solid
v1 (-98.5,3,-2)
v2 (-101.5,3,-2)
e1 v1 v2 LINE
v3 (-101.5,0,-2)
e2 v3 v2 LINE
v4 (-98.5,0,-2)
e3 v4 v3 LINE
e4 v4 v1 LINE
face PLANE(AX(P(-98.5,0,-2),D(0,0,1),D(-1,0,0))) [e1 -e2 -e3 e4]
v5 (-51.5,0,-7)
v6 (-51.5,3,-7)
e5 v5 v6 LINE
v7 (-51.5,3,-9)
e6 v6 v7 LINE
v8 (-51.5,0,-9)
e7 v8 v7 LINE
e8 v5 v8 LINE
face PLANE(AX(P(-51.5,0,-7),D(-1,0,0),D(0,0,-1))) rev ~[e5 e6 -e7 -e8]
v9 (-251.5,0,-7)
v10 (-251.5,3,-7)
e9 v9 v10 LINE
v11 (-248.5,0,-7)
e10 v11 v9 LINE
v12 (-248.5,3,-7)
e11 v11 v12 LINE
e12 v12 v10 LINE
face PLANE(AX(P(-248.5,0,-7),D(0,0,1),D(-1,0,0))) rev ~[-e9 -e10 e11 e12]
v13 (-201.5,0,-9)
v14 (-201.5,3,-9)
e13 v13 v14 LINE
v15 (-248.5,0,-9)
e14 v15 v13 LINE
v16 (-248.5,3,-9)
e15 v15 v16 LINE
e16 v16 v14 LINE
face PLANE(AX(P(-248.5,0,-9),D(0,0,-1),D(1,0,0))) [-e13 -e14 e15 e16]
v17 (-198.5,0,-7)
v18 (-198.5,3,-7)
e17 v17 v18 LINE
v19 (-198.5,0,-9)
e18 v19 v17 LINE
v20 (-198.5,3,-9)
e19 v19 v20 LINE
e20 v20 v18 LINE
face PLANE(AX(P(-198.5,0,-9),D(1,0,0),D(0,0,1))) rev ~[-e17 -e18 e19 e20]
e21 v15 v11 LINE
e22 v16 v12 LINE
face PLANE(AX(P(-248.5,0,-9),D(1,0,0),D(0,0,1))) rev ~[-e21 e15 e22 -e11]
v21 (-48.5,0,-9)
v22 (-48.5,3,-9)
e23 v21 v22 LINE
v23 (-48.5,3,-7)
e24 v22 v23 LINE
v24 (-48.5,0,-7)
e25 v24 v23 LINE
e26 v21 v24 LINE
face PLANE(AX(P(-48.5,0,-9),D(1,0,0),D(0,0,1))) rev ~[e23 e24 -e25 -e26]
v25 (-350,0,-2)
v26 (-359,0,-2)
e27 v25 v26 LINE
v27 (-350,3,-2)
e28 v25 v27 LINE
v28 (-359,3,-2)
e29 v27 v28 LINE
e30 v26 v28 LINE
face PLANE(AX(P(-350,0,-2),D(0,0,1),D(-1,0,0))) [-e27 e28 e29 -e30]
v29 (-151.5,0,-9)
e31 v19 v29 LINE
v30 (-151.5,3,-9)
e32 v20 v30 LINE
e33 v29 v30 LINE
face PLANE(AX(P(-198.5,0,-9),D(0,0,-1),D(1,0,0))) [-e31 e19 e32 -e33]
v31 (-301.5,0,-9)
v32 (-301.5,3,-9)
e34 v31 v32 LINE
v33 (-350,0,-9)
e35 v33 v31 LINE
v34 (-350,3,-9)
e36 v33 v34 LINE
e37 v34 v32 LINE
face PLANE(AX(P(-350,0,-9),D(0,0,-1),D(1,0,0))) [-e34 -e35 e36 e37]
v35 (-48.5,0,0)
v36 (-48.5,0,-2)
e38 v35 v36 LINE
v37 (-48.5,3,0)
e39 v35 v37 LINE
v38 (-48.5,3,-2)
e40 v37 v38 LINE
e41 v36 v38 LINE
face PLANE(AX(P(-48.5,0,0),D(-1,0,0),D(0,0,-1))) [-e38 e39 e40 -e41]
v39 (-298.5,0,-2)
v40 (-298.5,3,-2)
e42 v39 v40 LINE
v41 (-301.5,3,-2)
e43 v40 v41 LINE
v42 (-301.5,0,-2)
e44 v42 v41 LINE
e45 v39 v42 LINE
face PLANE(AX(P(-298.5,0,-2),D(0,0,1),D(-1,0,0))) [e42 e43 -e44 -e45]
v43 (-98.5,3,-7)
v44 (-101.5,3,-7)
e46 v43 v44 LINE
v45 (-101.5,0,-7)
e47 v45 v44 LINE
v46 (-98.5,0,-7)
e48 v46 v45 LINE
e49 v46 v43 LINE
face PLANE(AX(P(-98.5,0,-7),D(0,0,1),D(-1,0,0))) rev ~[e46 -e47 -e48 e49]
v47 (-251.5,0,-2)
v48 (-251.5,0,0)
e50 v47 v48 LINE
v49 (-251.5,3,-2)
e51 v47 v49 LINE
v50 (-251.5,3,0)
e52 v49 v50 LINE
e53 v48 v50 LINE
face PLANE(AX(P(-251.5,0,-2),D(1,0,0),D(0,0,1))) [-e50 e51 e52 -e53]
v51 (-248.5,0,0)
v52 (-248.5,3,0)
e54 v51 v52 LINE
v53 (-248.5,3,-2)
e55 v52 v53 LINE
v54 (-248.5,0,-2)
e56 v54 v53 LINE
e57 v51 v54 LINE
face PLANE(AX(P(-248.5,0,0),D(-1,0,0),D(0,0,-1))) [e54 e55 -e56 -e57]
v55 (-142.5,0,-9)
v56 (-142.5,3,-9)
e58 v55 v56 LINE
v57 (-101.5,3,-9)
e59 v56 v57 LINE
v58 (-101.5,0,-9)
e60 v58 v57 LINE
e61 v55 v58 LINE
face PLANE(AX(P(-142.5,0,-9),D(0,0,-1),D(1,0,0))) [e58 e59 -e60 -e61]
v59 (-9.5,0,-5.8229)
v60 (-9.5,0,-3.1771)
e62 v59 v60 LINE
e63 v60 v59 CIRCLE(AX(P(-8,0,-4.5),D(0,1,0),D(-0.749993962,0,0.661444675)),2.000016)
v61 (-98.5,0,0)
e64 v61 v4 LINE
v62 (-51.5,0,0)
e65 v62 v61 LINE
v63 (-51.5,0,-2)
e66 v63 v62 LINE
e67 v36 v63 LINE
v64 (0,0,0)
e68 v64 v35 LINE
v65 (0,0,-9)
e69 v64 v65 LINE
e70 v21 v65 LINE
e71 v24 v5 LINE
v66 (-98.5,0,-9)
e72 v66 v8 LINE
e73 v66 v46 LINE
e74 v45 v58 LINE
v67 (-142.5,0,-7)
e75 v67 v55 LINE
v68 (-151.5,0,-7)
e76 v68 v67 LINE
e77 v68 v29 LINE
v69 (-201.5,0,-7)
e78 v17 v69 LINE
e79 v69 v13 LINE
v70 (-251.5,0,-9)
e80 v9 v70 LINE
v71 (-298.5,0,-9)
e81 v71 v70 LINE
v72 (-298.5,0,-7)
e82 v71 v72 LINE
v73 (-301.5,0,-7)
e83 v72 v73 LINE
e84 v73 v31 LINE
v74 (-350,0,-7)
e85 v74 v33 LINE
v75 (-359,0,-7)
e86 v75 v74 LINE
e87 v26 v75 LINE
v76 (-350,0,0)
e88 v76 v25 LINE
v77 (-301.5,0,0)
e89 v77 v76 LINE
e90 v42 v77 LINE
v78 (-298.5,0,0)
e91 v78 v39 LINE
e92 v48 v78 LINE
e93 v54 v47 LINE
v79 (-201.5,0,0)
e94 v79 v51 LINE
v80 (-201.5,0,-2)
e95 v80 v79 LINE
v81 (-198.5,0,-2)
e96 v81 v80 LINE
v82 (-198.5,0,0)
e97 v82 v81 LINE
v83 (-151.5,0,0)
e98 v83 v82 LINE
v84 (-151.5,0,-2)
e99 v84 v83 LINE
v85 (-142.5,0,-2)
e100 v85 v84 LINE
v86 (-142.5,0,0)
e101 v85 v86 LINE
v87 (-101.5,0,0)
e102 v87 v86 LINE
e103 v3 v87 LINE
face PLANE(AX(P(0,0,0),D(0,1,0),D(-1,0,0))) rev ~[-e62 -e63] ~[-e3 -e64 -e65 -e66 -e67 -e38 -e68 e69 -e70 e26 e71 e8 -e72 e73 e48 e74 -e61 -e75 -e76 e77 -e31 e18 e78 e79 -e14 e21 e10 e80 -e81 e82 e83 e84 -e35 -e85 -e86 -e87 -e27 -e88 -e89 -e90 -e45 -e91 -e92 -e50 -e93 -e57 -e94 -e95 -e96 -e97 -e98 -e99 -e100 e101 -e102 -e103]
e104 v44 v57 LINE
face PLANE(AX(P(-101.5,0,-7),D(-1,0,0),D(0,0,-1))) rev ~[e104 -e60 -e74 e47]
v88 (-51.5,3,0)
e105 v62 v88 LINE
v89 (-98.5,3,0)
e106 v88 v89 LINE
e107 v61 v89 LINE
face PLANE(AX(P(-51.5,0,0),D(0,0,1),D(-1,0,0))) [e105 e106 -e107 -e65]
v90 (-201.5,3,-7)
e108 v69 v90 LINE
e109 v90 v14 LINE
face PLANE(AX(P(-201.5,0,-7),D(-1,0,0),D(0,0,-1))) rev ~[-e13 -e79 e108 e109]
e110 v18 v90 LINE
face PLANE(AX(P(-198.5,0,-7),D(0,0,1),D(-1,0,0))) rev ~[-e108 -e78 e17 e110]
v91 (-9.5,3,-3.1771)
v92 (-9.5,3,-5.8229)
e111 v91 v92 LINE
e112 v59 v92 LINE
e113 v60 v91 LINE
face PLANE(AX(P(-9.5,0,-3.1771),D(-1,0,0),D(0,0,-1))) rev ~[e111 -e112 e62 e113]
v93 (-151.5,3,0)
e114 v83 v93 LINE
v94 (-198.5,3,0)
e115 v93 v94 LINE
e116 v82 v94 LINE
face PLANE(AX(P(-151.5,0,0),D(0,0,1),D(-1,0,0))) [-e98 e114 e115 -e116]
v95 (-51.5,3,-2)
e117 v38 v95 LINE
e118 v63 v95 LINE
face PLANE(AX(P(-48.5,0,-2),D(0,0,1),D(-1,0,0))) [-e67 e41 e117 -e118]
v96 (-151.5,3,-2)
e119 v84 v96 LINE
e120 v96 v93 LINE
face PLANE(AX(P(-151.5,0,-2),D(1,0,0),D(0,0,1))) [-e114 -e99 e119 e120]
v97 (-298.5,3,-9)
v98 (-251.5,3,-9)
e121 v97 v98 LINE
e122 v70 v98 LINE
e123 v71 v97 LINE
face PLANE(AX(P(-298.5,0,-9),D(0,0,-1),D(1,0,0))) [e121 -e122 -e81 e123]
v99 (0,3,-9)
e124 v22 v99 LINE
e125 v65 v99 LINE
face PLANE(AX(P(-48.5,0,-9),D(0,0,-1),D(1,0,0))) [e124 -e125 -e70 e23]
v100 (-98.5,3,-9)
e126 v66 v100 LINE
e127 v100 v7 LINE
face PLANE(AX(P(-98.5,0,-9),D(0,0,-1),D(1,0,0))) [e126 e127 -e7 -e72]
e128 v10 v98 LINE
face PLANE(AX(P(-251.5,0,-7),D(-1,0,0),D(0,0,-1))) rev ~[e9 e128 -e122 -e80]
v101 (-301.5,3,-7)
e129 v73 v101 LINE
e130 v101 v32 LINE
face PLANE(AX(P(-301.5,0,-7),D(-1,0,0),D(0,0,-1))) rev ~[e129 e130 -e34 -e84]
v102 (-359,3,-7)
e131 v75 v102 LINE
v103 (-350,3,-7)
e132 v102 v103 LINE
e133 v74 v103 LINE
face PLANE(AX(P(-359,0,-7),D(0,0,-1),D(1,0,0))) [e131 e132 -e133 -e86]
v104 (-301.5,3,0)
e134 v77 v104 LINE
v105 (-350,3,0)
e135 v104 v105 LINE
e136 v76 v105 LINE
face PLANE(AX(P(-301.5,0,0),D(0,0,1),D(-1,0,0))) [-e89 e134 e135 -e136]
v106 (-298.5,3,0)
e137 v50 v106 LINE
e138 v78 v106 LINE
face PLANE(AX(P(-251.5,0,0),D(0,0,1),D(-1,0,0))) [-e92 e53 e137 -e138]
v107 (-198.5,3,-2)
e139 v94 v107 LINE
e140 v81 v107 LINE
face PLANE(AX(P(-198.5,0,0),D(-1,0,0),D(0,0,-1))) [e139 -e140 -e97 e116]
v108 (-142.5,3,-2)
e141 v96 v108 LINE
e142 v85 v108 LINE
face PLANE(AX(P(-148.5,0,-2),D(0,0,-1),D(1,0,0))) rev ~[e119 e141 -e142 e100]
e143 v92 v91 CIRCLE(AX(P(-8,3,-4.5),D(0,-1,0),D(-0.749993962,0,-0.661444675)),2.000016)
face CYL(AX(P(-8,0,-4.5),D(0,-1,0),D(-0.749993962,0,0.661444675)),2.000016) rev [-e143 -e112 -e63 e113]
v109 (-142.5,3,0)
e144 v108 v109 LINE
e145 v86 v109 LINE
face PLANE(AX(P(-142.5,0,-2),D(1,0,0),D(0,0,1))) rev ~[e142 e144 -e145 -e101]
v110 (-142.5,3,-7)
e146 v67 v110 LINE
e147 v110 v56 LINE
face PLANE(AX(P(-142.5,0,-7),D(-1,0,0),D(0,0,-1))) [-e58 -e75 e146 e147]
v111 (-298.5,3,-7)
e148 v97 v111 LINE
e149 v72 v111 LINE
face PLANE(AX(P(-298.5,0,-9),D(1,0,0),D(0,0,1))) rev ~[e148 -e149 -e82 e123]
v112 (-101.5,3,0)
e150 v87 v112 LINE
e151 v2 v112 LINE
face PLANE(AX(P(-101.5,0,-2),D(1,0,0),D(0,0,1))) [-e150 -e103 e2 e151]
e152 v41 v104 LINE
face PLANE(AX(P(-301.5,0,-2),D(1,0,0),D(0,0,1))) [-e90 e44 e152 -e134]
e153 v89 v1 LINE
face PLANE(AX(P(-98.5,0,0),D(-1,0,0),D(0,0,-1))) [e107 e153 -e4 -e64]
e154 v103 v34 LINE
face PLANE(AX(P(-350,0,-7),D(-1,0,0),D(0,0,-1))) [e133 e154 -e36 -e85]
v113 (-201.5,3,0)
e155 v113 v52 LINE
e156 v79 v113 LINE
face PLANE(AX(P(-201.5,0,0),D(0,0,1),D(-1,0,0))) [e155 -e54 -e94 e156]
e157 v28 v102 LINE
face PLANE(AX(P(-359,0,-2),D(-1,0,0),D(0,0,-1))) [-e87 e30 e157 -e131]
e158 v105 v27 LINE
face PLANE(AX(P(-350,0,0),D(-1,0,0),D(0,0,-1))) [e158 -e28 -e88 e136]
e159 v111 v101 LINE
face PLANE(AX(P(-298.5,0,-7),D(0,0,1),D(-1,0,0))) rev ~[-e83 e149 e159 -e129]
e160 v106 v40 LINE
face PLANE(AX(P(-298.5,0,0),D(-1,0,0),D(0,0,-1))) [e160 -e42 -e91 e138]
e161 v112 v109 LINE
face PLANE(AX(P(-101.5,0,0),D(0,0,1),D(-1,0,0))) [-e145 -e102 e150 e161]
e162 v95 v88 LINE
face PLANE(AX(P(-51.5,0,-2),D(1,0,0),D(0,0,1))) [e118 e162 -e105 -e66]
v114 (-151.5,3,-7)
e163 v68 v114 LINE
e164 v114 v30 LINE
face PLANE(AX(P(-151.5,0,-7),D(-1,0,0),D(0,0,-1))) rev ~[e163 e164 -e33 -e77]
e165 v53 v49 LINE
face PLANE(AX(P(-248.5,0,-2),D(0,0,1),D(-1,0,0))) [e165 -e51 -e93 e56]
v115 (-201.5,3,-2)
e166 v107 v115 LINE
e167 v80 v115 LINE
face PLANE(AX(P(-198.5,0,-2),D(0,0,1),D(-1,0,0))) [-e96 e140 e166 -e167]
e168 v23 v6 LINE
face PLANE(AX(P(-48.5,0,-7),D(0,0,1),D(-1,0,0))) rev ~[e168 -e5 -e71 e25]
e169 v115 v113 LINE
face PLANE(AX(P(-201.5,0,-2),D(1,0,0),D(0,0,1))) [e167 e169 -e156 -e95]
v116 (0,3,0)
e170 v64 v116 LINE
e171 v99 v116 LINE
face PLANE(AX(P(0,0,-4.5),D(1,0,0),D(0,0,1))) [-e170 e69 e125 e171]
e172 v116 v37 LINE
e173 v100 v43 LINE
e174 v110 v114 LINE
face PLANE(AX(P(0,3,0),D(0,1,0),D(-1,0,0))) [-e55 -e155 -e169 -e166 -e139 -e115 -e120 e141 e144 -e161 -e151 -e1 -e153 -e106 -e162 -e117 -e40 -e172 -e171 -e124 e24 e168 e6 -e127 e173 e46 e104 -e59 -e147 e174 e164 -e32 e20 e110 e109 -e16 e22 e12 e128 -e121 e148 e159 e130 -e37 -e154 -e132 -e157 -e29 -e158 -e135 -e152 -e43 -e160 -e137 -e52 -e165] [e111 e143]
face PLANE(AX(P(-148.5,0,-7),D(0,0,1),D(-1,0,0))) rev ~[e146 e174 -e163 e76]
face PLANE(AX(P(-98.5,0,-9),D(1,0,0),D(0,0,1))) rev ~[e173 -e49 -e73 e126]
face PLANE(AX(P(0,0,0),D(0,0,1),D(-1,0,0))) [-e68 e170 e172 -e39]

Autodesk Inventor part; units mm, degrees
ref_plane "YZ Plane" through (0, 0, 0) normal (1, 0, 0) x (0, 1, 0)
ref_plane "XZ Plane" through (0, 0, 0) normal (0, 1, 0) x (-1, 0, 0)
ref_plane "XY Plane" through (0, 0, 0) normal (0, 0, 1) x (1, 0, 0)
sketch "草圖1" plane through (0, 0, 0) normal (0, 1, 0) x (-1, 0, 0)
  line L0 (0, 0) -> (350, 0)
  line L1 (350, 0) -> (350, -9)
  line L2 (350, -9) -> (0, -9)
  line L3 (0, -9) -> (0, 0)
  arc A0 (9.5, -3.1771) -> (9.5, -5.8229) centre (8, -4.5) ccw
  line L4 (0, -4.5) -> (350, -4.5)
  line L5 (301.5, -9) -> (298.5, -9)
  line L6 (298.5, -9) -> (298.5, -7)
  line L7 (298.5, -7) -> (301.5, -7)
  line L8 (301.5, -7) -> (301.5, -9)
  line L9 (298.5, 0) -> (298.5, -2)
  line L10 (298.5, -2) -> (301.5, -2)
  line L11 (301.5, -2) -> (301.5, 0)
  line L12 (248.5, -9) -> (248.5, -7)
  line L13 (248.5, -7) -> (251.5, -7)
  line L14 (251.5, -7) -> (251.5, -9)
  line L15 (248.5, 0) -> (248.5, -2)
  line L16 (248.5, -2) -> (251.5, -2)
  line L17 (251.5, -2) -> (251.5, 0)
  line L18 (198.5, -9) -> (198.5, -7)
  line L19 (198.5, -7) -> (201.5, -7)
  line L20 (201.5, -7) -> (201.5, -9)
  line L21 (198.5, 0) -> (198.5, -2)
  line L22 (198.5, -2) -> (201.5, -2)
  line L23 (201.5, -2) -> (201.5, 0)
  line L24 (148.5, -9) -> (148.5, -7)
  line L25 (148.5, -7) -> (151.5, -7)
  line L26 (151.5, -7) -> (151.5, -9)
  line L27 (148.5, 0) -> (148.5, -2)
  line L28 (148.5, -2) -> (151.5, -2)
  line L29 (151.5, -2) -> (151.5, 0)
  line L30 (98.5, -9) -> (98.5, -7)
  line L31 (98.5, -7) -> (101.5, -7)
  line L32 (101.5, -7) -> (101.5, -9)
  line L33 (98.5, 0) -> (98.5, -2)
  line L34 (98.5, -2) -> (101.5, -2)
  line L35 (101.5, -2) -> (101.5, 0)
  line L36 (48.5, -9) -> (48.5, -7)
  line L37 (48.5, -7) -> (51.5, -7)
  line L38 (51.5, -7) -> (51.5, -9)
  line L39 (48.5, 0) -> (48.5, -2)
  line L40 (48.5, -2) -> (51.5, -2)
  line L41 (51.5, -2) -> (51.5, 0)
  line L42 (350, -2) -> (359, -2)
  line L43 (359, -2) -> (359, -7)
  line L44 (359, -7) -> (350, -7)
  line L45 (350, -7) -> (350, -2)
  line L46 (9.5, -3.1771) -> (9.5, -5.8229)
  line L47 (148.5, -2) -> (142.5, -2)
  line L48 (142.5, -2) -> (142.5, 0)
  line L49 (148.5, -7) -> (142.5, -7)
  line L50 (142.5, -7) -> (142.5, -9)
  point P0 (300, -9)
  point P1 (301.5, 0)
  point P2 (298.5, 0)
  point P3 (251.5, 0)
  point P4 (248.5, 0)
  point P5 (201.5, 0)
  point P6 (198.5, 0)
  point P7 (151.5, 0)
  point P8 (148.5, 0)
  point P9 (101.5, 0)
  point P10 (98.5, 0)
  point P11 (51.5, 0)
  point P12 (48.5, 0)
  point P13 (48.5, -9)
  point P14 (51.5, -9)
  point P15 (98.5, -9)
  point P16 (101.5, -9)
  point P17 (148.5, -9)
  point P18 (151.5, -9)
  point P19 (198.5, -9)
  point P20 (201.5, -9)
  point P21 (248.5, -9)
  point P22 (251.5, -9)
  point P23 (298.5, -9)
  point P24 (301.5, -9)
  dimension "d0" = 350
  dimension "d1" = 9
  dimension "d2" = 4
  dimension "d3" = 8
  dimension "d4" = 3
  dimension "d5" = 2
  dimension "d6" = 50
  dimension "d9" = 50
  dimension "d14" = 5
  dimension "d15" = 9
  dimension "d16" = 1.5
  dimension "d19" = 6
  dimension "d20" = 6
extrude "擠出1" add sketch "草圖1" along normal blind 3 contours L0 L39 L40 L41 L33 L34 L35 L48 L47 L28 L29 L21 L22 L23 L15 L16 L17 L9 L10 L11 L1 L4 L46 A0 L3 | L4 A0 L46 L1 L2 L8 L7 L6 L14 L13 L12 L20 L19 L18 L26 L25 L49 L50 L32 L31 L30 L38 L37 L36 L3 | L1 L42 L43 L44
properties part number "main_Bar_3" material "木材 (樺木)"
